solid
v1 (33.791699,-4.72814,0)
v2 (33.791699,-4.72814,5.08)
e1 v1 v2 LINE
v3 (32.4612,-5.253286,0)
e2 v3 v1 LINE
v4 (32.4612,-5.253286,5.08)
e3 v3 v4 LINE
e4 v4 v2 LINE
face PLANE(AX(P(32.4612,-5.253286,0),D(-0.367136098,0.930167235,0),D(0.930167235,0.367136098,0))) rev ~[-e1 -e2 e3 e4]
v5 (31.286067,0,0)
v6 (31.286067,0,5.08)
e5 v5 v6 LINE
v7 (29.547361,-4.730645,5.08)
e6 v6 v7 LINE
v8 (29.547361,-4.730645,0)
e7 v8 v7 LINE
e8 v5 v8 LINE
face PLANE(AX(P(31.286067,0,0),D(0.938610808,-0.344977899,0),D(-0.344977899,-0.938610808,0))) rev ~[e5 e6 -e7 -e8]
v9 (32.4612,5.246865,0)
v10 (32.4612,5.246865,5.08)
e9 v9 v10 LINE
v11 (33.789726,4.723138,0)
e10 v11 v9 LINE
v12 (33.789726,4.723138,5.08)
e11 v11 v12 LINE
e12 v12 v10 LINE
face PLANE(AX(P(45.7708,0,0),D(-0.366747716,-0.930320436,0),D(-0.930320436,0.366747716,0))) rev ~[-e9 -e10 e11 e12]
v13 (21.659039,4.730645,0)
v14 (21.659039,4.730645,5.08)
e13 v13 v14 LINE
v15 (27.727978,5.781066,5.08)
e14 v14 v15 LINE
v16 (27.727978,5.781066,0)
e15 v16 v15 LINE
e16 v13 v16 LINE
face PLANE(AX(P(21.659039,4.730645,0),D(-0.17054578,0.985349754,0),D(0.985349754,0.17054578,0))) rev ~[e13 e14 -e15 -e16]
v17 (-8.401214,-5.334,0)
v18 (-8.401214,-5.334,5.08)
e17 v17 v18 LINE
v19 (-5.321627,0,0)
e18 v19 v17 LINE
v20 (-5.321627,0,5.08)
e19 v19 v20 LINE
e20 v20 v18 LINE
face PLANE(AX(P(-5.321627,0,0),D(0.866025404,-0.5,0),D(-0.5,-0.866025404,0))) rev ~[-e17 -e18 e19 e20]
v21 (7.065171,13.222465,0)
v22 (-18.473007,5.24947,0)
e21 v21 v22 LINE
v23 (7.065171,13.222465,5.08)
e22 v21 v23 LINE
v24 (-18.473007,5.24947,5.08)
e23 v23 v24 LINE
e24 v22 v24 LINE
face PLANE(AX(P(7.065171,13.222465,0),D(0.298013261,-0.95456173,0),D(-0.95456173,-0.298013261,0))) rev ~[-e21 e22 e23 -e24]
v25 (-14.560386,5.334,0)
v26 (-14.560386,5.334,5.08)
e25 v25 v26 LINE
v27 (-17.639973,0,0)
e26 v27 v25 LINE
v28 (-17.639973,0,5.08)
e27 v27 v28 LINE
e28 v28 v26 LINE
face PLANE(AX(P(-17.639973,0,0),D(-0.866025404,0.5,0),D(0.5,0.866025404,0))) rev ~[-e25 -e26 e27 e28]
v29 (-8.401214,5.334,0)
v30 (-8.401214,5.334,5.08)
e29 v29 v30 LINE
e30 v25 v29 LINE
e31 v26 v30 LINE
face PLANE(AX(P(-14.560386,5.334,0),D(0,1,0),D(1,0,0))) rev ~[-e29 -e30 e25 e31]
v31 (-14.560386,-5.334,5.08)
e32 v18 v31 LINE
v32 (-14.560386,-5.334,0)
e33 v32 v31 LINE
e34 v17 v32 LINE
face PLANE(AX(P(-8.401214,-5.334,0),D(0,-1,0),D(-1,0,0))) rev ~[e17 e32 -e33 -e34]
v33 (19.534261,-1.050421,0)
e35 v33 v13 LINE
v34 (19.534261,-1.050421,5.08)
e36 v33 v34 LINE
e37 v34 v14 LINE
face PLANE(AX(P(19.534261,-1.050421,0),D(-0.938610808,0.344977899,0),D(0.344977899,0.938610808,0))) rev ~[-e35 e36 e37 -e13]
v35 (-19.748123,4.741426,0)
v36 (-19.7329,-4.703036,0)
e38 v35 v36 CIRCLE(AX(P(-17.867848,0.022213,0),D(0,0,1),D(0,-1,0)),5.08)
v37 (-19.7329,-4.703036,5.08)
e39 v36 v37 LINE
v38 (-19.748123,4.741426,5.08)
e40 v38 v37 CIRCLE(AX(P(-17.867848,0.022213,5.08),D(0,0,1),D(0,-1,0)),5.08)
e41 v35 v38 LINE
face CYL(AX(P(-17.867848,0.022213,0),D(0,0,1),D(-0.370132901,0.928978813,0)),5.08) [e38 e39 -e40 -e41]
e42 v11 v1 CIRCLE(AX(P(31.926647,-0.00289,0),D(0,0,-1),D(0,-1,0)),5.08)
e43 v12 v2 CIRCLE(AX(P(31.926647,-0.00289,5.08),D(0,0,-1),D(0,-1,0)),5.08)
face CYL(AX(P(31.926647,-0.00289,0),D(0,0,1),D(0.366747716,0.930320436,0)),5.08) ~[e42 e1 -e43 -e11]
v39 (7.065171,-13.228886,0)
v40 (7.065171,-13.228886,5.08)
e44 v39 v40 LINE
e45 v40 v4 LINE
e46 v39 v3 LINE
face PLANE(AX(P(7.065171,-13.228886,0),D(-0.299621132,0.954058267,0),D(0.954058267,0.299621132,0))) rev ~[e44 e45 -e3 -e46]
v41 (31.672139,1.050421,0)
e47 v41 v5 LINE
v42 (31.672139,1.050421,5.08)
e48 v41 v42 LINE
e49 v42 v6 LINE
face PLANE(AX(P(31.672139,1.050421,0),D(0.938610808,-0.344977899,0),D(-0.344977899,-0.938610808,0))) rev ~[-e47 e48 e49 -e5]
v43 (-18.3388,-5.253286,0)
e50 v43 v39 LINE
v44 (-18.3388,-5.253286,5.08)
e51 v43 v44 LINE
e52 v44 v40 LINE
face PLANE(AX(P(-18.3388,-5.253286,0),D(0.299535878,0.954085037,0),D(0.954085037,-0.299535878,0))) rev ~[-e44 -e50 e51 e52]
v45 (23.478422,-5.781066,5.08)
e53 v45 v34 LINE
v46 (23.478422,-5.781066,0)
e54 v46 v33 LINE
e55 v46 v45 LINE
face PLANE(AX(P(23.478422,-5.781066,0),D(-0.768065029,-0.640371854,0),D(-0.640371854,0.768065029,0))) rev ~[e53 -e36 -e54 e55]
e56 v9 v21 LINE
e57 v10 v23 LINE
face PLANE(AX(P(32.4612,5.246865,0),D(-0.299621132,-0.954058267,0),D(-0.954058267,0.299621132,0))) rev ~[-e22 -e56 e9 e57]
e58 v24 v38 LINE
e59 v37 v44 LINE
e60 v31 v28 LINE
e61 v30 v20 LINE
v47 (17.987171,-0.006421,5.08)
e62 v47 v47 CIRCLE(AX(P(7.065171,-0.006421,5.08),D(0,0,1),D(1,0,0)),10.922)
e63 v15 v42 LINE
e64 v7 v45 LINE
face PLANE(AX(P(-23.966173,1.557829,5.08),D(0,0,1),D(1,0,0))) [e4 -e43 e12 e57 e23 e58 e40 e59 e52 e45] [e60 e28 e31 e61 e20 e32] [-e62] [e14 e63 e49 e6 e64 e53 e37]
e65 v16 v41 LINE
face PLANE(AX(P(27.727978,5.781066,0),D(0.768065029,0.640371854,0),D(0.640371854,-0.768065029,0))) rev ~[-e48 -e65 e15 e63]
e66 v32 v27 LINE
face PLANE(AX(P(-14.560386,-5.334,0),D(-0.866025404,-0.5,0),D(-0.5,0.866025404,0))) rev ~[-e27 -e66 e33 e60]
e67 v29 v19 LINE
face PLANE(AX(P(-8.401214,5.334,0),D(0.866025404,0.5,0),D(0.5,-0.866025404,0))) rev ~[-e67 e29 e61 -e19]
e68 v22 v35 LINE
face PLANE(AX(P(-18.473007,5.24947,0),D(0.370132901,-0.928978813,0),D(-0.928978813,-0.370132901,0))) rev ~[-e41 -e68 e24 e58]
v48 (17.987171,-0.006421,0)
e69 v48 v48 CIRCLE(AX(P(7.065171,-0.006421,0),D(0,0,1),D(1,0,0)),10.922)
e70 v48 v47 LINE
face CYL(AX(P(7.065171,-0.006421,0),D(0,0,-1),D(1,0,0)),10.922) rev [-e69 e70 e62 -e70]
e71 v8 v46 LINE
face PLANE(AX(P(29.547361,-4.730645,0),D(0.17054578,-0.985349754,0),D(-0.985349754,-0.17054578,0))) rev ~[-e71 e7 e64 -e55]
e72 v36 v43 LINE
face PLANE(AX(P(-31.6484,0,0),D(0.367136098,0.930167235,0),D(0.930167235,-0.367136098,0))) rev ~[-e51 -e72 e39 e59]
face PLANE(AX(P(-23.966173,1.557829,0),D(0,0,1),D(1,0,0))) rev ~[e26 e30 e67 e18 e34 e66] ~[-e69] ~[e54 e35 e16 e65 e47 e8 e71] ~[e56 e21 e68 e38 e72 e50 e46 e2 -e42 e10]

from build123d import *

# Parameters (mm, degrees)
F0_R     = 10.922
F1_DEPTH = 5.08
F2_R     = 5.08


with BuildPart() as f1:
    # F0 (on Top) → F1 (new body)
    with BuildSketch(Plane.XY):
        Polygon((-18.3388, 0), (-18.4730074397, 5.249469847), (-31.6484, 0), align=None)
        Polygon((-31.6484, 0), (-18.3388, -5.2532861009), (-18.3388, 0), align=None)
        Polygon((45.7708, 0), (32.4612, 0), (32.4612, -5.2532861009), align=None)
        Polygon((32.4612, 5.2468646365), (32.4612, 0), (45.7708, 0), align=None)
        Polygon((32.4612, -5.2532861009), (32.4612, 0), (32.4612, 5.2468646365), (7.0651705068, 13.2224646365), (-18.4730074397, 5.249469847), (-18.3388, 0), (-18.3388, -5.2532861009), (7.0651705068, -13.2288861009), align=None)
        with Locations((7.0651705068, -0.0064214644)):
            Circle(F0_R, mode=Mode.SUBTRACT)
        Polygon((-14.5603863359, -5.334), (-17.6399726717, 0), (-14.5603863359, 5.334), (-8.4012136641, 5.334), (-5.3216273283, 0), (-8.4012136641, -5.334), align=None, mode=Mode.SUBTRACT)
        Polygon((31.672139275, 1.0504209046), (31.2860665876, 0), (29.5473608256, -4.7306451338), (23.4784215506, -5.7810660385), (19.534260725, -1.0504209046), (21.6590391744, 4.7306451338), (27.7279784494, 5.7810660385), align=None, mode=Mode.SUBTRACT)
    extrude(amount=F1_DEPTH)

    # F2
    f2_edges = [f1.edges().sort_by_distance(p)[0] for p in [
        (-31.6484, 0, 2.54),
        (45.7708, 0, 2.54),
    ]]
    fillet(f2_edges, radius=F2_R)


solid = f1.part
